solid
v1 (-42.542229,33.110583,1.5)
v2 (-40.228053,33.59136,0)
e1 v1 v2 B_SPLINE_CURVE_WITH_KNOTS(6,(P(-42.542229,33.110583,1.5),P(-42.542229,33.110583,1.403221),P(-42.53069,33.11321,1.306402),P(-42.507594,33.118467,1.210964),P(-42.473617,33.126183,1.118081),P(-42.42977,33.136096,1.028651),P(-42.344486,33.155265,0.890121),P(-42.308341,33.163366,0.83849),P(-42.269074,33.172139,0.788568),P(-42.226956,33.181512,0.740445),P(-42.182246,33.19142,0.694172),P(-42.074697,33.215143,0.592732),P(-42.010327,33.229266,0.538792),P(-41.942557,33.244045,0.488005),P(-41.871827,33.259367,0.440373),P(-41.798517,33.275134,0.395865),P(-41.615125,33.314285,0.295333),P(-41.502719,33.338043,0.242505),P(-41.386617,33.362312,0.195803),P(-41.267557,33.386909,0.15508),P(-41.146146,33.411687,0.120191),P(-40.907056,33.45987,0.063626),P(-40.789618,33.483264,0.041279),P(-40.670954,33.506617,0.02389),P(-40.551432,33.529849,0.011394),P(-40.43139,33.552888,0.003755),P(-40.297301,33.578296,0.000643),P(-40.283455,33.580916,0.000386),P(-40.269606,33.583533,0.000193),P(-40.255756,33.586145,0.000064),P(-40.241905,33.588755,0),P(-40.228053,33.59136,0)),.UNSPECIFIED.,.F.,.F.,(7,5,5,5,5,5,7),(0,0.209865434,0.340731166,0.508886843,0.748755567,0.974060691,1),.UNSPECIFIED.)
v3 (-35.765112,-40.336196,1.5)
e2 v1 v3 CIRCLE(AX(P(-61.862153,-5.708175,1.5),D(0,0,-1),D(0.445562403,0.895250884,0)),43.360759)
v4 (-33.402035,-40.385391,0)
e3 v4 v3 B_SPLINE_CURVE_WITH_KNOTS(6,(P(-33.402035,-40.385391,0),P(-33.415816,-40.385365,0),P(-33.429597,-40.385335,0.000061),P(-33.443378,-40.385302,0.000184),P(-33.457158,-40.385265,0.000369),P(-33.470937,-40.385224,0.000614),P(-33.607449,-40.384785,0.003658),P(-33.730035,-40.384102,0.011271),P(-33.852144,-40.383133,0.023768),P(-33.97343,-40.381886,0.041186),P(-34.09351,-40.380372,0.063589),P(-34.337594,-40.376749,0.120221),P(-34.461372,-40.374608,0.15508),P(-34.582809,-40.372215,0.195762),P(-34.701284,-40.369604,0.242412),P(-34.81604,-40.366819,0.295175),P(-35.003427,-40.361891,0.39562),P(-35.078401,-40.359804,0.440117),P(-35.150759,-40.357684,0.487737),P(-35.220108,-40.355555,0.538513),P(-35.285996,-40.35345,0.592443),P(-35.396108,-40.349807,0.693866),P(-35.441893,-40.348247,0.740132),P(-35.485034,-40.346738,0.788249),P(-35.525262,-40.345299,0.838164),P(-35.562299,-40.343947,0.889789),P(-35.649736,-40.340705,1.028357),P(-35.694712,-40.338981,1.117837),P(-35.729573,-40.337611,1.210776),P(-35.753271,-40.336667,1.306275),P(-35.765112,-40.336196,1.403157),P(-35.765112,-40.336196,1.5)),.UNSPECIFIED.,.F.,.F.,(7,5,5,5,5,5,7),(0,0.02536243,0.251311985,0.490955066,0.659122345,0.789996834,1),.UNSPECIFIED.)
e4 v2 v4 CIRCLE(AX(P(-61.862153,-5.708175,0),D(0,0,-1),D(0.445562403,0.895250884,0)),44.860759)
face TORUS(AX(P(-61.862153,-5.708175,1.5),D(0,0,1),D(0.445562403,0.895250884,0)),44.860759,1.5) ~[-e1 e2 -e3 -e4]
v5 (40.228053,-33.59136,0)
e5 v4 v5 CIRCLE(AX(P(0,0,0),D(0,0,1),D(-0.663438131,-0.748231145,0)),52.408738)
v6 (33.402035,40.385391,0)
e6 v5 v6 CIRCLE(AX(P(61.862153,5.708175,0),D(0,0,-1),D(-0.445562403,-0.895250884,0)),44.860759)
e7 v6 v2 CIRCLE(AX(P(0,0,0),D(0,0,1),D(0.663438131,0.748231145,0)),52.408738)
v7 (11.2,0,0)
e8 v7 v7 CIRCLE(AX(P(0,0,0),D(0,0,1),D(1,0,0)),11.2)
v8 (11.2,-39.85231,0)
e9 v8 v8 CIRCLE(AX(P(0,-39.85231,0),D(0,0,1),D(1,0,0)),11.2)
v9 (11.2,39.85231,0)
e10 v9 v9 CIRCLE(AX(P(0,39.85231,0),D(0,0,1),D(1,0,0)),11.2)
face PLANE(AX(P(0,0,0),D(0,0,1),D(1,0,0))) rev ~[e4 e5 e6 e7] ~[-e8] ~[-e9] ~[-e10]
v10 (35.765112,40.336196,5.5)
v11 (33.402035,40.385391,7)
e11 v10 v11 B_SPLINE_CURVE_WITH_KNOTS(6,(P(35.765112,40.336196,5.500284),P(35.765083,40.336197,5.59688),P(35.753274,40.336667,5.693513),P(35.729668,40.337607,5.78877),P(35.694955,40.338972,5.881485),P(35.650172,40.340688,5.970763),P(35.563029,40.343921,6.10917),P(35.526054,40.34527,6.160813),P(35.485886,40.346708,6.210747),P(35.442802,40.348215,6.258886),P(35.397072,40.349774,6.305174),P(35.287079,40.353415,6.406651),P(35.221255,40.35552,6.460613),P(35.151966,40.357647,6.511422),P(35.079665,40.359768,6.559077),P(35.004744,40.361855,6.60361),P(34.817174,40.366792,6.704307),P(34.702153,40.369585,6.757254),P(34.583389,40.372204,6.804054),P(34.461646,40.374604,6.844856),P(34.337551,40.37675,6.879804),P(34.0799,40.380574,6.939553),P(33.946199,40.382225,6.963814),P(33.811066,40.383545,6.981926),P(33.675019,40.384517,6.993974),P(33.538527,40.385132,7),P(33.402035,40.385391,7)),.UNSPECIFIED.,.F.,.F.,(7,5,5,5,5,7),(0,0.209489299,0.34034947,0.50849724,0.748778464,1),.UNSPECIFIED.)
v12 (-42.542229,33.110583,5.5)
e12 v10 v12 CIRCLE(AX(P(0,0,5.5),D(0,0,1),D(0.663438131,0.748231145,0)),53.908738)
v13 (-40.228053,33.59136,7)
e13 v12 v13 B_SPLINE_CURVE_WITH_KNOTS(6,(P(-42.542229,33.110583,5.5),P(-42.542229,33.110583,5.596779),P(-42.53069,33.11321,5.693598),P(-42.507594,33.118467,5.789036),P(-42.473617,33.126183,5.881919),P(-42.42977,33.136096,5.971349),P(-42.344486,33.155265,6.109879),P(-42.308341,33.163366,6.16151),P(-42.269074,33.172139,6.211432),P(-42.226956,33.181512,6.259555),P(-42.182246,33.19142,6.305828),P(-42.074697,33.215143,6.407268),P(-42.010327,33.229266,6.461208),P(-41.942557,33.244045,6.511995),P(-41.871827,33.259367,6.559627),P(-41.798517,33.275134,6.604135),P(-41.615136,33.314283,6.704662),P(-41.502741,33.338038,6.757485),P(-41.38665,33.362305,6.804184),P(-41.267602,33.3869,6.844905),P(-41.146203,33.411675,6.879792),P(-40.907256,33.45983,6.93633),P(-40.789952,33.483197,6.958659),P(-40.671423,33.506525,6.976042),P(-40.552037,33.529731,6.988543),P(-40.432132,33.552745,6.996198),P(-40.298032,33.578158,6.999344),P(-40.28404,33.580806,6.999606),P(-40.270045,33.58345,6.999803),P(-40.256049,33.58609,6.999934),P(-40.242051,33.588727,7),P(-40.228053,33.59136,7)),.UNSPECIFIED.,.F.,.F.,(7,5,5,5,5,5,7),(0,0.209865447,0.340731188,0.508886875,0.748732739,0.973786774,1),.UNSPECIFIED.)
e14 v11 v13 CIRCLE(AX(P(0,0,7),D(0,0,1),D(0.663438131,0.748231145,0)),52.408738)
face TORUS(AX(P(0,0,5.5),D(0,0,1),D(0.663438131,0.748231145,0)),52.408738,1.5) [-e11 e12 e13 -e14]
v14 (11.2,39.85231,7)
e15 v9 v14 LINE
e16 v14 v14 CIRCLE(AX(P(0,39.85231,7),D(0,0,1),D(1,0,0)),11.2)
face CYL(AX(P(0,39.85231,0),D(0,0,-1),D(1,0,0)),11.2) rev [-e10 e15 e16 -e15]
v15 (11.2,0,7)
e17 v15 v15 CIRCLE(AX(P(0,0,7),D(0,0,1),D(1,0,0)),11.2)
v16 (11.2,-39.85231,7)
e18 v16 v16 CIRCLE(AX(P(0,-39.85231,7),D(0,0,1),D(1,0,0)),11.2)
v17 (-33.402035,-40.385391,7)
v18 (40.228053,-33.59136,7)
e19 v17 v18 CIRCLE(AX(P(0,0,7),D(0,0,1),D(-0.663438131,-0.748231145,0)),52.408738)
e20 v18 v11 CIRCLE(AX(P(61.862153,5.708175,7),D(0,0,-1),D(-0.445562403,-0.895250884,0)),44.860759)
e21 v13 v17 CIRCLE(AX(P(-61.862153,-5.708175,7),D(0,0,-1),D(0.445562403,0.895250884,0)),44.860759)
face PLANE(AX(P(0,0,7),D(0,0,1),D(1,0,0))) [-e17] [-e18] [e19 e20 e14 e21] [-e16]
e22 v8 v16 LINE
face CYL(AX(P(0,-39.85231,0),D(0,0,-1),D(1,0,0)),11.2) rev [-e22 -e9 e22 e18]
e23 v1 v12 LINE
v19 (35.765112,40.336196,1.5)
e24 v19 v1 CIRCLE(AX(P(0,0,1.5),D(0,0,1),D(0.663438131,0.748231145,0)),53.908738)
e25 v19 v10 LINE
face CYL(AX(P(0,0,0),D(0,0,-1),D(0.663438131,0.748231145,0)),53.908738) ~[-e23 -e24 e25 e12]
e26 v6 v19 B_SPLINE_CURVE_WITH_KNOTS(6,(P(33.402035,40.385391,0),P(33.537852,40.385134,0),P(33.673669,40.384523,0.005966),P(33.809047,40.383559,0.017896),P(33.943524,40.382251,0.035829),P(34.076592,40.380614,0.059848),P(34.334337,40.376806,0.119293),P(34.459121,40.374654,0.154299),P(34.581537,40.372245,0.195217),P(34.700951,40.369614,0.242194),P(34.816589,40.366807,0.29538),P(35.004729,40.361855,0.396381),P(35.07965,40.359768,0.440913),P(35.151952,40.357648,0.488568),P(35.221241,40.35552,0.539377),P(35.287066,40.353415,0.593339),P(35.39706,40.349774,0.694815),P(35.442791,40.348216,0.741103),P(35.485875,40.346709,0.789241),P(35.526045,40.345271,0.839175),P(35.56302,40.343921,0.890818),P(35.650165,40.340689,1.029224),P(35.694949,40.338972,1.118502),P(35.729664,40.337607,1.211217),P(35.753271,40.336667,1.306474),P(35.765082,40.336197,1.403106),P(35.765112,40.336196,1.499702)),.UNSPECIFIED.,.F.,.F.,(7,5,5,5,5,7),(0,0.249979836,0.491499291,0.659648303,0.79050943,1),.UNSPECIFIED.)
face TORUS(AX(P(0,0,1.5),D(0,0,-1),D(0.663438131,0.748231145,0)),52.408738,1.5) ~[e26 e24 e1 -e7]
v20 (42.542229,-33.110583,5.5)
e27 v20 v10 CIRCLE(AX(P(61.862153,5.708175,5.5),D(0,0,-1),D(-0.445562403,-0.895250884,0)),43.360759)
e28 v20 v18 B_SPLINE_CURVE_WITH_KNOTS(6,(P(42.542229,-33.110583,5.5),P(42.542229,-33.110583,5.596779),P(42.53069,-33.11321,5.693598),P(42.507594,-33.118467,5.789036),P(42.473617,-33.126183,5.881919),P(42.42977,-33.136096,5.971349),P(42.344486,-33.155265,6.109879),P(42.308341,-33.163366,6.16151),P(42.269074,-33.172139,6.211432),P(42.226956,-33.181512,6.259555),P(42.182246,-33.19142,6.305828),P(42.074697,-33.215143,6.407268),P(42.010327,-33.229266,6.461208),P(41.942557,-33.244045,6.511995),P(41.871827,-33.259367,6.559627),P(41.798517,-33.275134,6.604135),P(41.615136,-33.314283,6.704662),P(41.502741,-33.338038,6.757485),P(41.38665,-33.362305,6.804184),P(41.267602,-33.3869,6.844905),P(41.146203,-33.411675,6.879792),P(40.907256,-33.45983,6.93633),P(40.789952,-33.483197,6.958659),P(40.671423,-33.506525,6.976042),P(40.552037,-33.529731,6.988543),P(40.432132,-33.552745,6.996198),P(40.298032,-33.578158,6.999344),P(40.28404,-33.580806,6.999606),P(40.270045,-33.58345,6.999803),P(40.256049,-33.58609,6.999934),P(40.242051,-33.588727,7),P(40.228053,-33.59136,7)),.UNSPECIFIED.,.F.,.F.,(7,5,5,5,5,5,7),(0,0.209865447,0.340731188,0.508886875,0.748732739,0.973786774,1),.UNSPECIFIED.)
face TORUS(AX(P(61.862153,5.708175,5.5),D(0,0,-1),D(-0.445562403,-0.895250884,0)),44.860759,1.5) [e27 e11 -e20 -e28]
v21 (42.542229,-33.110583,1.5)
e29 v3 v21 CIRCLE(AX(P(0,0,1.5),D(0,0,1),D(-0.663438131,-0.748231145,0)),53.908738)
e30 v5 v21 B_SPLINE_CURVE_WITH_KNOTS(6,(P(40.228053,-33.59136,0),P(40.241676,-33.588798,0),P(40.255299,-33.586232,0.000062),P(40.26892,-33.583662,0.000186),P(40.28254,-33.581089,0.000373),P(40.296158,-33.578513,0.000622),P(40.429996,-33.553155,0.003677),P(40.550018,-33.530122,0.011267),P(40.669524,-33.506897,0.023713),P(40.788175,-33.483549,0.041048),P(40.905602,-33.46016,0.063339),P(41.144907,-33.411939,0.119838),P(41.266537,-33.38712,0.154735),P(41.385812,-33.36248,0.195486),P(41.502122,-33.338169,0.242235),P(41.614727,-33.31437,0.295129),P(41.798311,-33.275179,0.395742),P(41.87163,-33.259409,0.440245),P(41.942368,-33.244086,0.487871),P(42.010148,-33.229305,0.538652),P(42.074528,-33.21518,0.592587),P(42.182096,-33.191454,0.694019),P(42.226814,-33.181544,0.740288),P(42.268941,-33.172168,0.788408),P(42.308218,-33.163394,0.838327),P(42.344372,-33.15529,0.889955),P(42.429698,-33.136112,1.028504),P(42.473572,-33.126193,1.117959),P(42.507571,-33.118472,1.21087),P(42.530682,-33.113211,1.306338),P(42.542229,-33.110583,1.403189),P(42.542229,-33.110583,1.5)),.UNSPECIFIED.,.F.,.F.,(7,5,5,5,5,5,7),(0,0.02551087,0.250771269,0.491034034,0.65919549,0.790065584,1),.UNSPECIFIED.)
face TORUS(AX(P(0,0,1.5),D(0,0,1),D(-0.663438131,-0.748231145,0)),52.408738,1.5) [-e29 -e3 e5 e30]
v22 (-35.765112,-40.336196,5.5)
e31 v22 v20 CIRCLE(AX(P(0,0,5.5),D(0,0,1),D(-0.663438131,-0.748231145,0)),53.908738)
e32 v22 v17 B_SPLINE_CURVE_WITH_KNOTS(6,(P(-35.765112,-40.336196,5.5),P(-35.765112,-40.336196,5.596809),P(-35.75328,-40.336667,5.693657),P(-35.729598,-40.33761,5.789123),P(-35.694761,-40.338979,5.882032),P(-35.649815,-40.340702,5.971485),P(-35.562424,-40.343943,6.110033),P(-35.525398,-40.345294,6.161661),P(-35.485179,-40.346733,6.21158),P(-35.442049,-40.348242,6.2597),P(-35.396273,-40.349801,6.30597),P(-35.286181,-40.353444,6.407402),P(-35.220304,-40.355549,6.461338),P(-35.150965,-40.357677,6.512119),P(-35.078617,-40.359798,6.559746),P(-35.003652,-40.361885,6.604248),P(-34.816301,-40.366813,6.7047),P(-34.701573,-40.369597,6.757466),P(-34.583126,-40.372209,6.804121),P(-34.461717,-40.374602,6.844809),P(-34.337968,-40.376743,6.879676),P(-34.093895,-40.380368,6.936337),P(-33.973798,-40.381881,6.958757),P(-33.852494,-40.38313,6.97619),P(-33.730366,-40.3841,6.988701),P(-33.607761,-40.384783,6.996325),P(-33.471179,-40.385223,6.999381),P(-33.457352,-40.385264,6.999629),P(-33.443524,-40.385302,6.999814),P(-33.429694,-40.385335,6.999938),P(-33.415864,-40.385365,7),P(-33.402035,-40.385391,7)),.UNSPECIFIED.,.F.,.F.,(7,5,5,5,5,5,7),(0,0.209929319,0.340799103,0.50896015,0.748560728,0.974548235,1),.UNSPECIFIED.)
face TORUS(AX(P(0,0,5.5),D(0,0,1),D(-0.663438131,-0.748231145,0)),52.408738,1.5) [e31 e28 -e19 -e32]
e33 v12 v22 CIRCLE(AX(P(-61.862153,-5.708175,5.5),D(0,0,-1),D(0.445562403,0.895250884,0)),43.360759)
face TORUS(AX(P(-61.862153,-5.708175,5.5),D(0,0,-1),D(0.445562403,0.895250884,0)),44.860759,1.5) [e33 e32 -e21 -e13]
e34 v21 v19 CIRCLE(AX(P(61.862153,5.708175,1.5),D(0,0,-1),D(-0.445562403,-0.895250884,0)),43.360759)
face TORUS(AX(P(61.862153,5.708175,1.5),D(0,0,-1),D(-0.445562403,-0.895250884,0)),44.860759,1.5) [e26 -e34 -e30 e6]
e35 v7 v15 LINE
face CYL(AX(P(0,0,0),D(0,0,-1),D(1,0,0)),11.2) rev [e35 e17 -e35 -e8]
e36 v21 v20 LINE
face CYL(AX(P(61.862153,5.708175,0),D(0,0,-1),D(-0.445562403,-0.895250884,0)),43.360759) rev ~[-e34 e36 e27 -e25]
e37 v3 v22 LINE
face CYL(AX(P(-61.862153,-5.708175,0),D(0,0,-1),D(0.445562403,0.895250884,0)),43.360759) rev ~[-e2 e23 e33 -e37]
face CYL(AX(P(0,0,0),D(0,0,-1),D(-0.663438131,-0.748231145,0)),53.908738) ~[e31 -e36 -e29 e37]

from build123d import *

# Parameters (mm, degrees)
F0_R     = 11.2
F1_DEPTH = 7
F2_R     = 1.5
F3_R     = 1.5


with BuildPart() as f1:
    # F0 (on Top) → F1 (new body)
    with BuildSketch(Plane.XY):
        with BuildLine():
            ThreePointArc((-42.542229, 33.110583), (-18.684815, -1.724094), (-35.765112, -40.336196))
            ThreePointArc((-35.765112, -40.336196), (4.953252, -53.680697), (42.542229, -33.110583))
            ThreePointArc((42.542229, -33.110583), (18.684815, 1.724094), (35.765112, 40.336196))
            ThreePointArc((35.765112, 40.336196), (-4.953252, 53.680697), (-42.542229, 33.110583))
        make_face()
        with Locations((0, -39.85231)):
            Circle(F0_R, mode=Mode.SUBTRACT)
        Circle(F0_R, mode=Mode.SUBTRACT)
        with Locations((0, 39.85231)):
            Circle(F0_R, mode=Mode.SUBTRACT)
    extrude(amount=F1_DEPTH)

    # F2
    f2_edges = [f1.edges().sort_by_distance(p)[0] for p in [
        (18.684815, 1.724094, 7),
        (4.953252, -53.680697, 7),
        (-18.684815, -1.724094, 7),
        (-4.953252, 53.680697, 7),
    ]]
    fillet(f2_edges, radius=F2_R)

    # F3
    f3_edges = [f1.edges().sort_by_distance(p)[0] for p in [
        (4.953252, -53.680697, 0),
        (18.684815, 1.724094, 0),
        (-4.953252, 53.680697, 0),
        (-18.684815, -1.724094, 0),
    ]]
    fillet(f3_edges, radius=F3_R)


solid = f1.part
